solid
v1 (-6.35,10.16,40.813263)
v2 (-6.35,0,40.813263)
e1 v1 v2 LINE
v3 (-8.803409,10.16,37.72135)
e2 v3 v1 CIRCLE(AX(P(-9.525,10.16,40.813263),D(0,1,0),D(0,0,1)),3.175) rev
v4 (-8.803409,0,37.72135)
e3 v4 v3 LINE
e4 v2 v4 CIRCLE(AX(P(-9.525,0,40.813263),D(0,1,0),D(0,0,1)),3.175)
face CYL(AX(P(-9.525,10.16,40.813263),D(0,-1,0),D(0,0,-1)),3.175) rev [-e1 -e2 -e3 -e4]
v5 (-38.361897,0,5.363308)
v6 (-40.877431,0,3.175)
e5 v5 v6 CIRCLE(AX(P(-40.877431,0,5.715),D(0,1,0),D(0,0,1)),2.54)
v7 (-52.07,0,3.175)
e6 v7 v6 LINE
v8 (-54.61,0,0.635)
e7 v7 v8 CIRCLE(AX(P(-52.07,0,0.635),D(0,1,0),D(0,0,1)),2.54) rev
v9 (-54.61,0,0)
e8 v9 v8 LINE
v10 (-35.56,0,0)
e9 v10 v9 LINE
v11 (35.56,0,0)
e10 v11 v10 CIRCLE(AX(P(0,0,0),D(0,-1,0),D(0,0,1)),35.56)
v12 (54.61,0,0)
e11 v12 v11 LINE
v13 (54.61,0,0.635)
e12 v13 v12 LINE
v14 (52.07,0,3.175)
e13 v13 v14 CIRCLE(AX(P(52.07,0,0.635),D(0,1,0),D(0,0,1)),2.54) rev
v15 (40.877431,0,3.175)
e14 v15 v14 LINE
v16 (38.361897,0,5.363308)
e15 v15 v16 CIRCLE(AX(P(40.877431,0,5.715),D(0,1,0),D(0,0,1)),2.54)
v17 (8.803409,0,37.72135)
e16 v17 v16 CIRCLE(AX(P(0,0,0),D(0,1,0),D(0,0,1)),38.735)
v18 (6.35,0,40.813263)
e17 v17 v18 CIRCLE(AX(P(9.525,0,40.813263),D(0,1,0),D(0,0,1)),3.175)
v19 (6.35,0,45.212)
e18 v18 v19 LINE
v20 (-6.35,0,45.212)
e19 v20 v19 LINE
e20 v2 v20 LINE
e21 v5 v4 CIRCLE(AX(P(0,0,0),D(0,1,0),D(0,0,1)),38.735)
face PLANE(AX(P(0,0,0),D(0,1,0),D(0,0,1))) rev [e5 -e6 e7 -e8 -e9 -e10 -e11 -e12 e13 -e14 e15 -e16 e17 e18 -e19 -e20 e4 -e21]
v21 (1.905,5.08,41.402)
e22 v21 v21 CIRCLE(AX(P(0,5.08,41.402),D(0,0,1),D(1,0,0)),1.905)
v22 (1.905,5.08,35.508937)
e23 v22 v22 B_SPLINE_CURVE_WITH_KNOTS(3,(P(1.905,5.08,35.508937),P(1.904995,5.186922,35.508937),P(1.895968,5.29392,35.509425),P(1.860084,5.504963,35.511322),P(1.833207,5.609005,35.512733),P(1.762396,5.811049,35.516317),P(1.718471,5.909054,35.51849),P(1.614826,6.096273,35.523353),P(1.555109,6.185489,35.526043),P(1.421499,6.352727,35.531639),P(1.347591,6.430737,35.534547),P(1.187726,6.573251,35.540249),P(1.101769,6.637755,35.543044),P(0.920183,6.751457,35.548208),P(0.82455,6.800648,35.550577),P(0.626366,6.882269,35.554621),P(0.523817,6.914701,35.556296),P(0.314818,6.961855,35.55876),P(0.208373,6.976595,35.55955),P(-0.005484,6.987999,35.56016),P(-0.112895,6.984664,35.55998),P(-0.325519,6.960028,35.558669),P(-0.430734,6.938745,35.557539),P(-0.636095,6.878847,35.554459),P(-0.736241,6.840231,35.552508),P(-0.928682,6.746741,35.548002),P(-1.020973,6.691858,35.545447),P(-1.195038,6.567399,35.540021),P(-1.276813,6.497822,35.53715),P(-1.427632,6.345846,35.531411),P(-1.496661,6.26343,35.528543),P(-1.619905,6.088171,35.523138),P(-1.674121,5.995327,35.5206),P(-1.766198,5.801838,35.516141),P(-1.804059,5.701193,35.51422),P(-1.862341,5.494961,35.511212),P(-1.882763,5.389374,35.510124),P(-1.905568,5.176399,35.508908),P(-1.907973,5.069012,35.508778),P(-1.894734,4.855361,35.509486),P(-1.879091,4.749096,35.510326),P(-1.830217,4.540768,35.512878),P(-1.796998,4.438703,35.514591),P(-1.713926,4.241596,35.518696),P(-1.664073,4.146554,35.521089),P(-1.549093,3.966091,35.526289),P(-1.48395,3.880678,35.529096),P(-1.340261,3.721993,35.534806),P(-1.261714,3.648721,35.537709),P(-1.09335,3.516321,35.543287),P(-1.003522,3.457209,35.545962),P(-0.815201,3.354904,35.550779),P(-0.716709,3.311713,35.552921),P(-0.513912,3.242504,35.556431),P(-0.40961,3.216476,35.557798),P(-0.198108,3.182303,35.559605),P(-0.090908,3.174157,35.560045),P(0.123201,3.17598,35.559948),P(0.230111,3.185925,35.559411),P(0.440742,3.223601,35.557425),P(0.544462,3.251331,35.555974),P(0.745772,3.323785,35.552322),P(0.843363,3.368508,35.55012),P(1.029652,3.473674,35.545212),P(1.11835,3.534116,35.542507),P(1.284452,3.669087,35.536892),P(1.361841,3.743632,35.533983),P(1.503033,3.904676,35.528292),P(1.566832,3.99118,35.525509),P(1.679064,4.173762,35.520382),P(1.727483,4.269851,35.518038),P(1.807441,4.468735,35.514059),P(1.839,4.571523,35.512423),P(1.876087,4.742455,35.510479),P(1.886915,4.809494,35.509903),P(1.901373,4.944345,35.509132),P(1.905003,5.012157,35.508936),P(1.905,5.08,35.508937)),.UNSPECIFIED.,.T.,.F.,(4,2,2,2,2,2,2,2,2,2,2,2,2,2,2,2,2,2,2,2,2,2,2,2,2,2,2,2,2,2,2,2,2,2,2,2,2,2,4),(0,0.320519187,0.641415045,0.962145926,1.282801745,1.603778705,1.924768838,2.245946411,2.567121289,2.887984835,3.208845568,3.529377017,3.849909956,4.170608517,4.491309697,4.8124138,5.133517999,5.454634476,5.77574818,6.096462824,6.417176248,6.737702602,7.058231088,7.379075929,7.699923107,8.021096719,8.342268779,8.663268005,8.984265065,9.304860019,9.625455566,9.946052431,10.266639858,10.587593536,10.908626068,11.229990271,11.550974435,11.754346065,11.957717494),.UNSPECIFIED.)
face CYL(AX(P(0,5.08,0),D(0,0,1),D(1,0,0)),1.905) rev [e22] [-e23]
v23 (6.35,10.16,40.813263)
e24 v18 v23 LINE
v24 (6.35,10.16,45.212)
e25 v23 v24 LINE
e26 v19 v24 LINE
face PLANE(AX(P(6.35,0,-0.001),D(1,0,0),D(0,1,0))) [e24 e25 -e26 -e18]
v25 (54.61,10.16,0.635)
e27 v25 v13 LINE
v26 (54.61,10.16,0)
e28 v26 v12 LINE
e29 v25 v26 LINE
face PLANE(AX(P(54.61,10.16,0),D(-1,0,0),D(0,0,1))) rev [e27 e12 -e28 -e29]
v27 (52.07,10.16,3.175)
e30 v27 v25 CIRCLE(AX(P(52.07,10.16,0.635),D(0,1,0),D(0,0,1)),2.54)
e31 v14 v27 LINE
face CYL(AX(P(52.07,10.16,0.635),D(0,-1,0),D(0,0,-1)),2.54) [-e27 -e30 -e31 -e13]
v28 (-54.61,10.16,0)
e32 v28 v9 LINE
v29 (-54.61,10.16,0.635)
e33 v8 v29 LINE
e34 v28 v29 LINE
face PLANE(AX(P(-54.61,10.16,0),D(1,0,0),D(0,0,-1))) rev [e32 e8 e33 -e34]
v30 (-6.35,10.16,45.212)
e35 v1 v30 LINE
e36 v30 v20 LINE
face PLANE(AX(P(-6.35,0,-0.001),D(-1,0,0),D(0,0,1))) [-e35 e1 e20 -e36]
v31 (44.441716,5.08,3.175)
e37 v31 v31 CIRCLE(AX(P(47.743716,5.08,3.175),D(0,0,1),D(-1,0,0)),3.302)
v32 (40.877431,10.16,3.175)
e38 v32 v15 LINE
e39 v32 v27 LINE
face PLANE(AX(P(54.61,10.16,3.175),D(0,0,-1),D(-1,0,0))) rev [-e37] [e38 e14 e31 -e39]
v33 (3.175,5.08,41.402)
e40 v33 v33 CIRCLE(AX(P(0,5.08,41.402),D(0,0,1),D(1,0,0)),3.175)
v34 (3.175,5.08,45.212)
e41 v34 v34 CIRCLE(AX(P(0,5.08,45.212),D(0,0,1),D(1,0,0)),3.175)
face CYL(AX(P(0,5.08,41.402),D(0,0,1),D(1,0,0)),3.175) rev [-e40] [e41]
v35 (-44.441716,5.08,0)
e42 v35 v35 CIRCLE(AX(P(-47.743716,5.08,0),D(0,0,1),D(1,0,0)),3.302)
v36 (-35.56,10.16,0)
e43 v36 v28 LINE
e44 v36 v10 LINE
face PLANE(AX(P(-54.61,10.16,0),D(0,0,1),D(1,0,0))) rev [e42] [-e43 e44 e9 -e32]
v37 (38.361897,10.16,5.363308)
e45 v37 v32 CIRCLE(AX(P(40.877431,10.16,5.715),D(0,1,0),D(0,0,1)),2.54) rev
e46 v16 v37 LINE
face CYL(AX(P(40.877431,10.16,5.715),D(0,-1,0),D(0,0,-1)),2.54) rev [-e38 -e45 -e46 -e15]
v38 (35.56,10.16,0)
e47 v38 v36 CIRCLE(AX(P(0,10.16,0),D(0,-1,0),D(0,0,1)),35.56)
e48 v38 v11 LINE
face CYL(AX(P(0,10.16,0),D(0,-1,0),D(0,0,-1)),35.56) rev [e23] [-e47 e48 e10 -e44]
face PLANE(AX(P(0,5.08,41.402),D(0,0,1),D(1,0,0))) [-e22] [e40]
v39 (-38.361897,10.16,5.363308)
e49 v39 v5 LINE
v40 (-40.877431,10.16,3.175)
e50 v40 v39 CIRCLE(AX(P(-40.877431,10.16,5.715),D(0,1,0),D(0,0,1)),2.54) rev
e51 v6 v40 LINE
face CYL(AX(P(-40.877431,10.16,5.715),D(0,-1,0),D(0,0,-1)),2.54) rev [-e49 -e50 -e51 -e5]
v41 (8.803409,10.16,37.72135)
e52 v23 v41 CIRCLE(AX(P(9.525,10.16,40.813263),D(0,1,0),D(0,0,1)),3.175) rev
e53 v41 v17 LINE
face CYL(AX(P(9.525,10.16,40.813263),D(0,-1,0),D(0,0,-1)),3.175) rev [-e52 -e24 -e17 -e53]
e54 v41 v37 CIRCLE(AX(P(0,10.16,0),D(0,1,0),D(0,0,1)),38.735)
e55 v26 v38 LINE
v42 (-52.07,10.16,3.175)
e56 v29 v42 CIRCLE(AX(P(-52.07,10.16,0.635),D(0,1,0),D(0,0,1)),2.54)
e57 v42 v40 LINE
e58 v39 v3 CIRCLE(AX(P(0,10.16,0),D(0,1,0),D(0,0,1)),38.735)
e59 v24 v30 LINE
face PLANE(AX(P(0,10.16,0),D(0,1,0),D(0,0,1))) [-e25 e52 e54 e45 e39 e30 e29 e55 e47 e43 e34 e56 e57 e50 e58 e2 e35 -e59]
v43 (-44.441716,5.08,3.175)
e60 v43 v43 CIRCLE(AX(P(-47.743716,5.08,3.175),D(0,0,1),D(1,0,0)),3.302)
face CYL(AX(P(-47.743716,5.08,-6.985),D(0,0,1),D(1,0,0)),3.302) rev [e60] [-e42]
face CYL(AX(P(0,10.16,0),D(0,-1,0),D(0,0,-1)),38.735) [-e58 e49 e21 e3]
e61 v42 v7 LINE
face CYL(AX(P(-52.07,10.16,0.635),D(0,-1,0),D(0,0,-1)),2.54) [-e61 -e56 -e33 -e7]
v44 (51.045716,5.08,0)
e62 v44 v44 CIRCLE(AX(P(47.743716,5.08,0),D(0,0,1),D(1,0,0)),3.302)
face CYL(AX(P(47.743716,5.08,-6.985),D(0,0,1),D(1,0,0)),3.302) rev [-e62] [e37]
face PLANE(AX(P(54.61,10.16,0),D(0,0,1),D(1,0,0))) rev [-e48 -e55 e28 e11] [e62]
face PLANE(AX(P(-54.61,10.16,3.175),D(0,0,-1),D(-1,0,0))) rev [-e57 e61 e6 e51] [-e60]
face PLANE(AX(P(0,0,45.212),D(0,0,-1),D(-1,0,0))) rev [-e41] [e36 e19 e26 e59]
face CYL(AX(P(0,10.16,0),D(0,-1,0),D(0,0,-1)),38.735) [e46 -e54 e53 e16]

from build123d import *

# Parameters (mm, degrees)
BOSS_EXTRUDE1_DEPTH      = 10.16
FILLET1_R                = 2.54
SKETCH2_R                = 3.302
CUT_EXTRUDE1_DEPTH       = 10.16
FILLET3_R                = 2.54
BOSS_EXTRUDE2_REACH      = 69.719
BOSS_EXTRUDE2_END_RADIUS = 38.735
SKETCH4_W                = 12.7
SKETCH4_H                = 10.16
SKETCH4_2_W              = 12.7
SKETCH4_2_H              = 10.16
BOSS_EXTRUDE3_DEPTH      = 6.477
FILLET4_R                = 3.175
SKETCH5_R                = 3.175
CUT_EXTRUDE2_DEPTH       = 3.81
SKETCH7_R                = 1.905
CUT_EXTRUDE3_DEPTH       = 70.279169337


with BuildPart() as part:
    # Sketch1 → Boss-Extrude1 (new body)
    with BuildSketch(Plane(origin=(0, 0, 0), x_dir=(1, 0, 0), z_dir=(0, 1, 0))):
        with BuildLine():
            Line((-54.61, 0), (-54.61, -3.175))
            Line((-54.61, -3.175), (-38.60465775, -3.175))
            ThreePointArc((-38.60465775, -3.175), (0, -38.735), (38.60465775, -3.175))
            Line((38.60465775, -3.175), (54.61, -3.175))
            Line((54.61, -3.175), (54.61, 0))
            Line((54.61, 0), (35.56, 0))
            ThreePointArc((35.56, 0), (0, -35.56), (-35.56, 0))
            Line((-35.56, 0), (-54.61, 0))
        make_face()
    extrude(amount=BOSS_EXTRUDE1_DEPTH)

    # Fillet1
    fillet1_edges = [part.edges().sort_by_distance(p)[0] for p in [
        (38.60465775, 5.08, 3.175),
        (-38.60465775, 5.08, 3.175),
    ]]
    fillet(fillet1_edges, radius=FILLET1_R)

    # Sketch2 → Cut-Extrude1 (cut)
    with BuildSketch(Plane.XY.offset(3.175)):
        with Locations((-47.743715713, 5.08)):
            Circle(SKETCH2_R)
        with Locations((47.743715713, 5.08)):
            Circle(SKETCH2_R)
    extrude(amount=-CUT_EXTRUDE1_DEPTH, mode=Mode.SUBTRACT)

    # Fillet3
    fillet3_edges = [part.edges().sort_by_distance(p)[0] for p in [
        (-54.61, 5.08, 3.175),
        (54.61, 5.08, 3.175),
    ]]
    fillet(fillet3_edges, radius=FILLET3_R)

    # Boss-Extrude2: up to this cylinder (the profile starts outside it)
    boss_extrude2_end = Plane(origin=(0, 5.08, 0), z_dir=(0, -1, 0)) * Cylinder(BOSS_EXTRUDE2_END_RADIUS, 217.908, mode=Mode.PRIVATE)
    # Sketch4 → Boss-Extrude2 (add, up to the surface)
    with BuildSketch(Plane.XY.offset(38.735), mode=Mode.PRIVATE) as boss_extrude2_sk1:
        with Locations((0, 5.08)):
            Rectangle(SKETCH4_W, SKETCH4_H)
    boss_extrude2_tool1 = extrude(boss_extrude2_sk1.sketch, amount=-BOSS_EXTRUDE2_REACH, mode=Mode.PRIVATE) - boss_extrude2_end
    add(boss_extrude2_tool1.solids().sort_by_distance((0, 5.08, 38.735))[0])
    add(boss_extrude2_tool1.solids().sort_by_distance((0, 5.08, 38.735))[1])

    # Sketch4<2> → Boss-Extrude3 (add)
    with BuildSketch(Plane.XY.offset(38.735)):
        with Locations((0, 5.08)):
            Rectangle(SKETCH4_2_W, SKETCH4_2_H)
    extrude(amount=BOSS_EXTRUDE3_DEPTH)

    # Fillet4
    fillet4_edges = [part.edges().sort_by_distance(p)[0] for p in [
        (-6.35, 5.08, 38.210963414),
        (6.35, 5.08, 38.210963414),
    ]]
    fillet(fillet4_edges, radius=FILLET4_R)

    # Sketch5 → Cut-Extrude2 (cut)
    with BuildSketch(Plane.XY.offset(45.212)):
        with Locations((0, 5.08)):
            Circle(SKETCH5_R)
    extrude(amount=-CUT_EXTRUDE2_DEPTH, mode=Mode.SUBTRACT)

    # Sketch7 → Cut-Extrude3 (cut, through all)
    with BuildSketch(Plane.XY.offset(41.402)):
        with Locations((0, 5.08)):
            Circle(SKETCH7_R)
    extrude(amount=-CUT_EXTRUDE3_DEPTH, mode=Mode.SUBTRACT)


solid = part.part
